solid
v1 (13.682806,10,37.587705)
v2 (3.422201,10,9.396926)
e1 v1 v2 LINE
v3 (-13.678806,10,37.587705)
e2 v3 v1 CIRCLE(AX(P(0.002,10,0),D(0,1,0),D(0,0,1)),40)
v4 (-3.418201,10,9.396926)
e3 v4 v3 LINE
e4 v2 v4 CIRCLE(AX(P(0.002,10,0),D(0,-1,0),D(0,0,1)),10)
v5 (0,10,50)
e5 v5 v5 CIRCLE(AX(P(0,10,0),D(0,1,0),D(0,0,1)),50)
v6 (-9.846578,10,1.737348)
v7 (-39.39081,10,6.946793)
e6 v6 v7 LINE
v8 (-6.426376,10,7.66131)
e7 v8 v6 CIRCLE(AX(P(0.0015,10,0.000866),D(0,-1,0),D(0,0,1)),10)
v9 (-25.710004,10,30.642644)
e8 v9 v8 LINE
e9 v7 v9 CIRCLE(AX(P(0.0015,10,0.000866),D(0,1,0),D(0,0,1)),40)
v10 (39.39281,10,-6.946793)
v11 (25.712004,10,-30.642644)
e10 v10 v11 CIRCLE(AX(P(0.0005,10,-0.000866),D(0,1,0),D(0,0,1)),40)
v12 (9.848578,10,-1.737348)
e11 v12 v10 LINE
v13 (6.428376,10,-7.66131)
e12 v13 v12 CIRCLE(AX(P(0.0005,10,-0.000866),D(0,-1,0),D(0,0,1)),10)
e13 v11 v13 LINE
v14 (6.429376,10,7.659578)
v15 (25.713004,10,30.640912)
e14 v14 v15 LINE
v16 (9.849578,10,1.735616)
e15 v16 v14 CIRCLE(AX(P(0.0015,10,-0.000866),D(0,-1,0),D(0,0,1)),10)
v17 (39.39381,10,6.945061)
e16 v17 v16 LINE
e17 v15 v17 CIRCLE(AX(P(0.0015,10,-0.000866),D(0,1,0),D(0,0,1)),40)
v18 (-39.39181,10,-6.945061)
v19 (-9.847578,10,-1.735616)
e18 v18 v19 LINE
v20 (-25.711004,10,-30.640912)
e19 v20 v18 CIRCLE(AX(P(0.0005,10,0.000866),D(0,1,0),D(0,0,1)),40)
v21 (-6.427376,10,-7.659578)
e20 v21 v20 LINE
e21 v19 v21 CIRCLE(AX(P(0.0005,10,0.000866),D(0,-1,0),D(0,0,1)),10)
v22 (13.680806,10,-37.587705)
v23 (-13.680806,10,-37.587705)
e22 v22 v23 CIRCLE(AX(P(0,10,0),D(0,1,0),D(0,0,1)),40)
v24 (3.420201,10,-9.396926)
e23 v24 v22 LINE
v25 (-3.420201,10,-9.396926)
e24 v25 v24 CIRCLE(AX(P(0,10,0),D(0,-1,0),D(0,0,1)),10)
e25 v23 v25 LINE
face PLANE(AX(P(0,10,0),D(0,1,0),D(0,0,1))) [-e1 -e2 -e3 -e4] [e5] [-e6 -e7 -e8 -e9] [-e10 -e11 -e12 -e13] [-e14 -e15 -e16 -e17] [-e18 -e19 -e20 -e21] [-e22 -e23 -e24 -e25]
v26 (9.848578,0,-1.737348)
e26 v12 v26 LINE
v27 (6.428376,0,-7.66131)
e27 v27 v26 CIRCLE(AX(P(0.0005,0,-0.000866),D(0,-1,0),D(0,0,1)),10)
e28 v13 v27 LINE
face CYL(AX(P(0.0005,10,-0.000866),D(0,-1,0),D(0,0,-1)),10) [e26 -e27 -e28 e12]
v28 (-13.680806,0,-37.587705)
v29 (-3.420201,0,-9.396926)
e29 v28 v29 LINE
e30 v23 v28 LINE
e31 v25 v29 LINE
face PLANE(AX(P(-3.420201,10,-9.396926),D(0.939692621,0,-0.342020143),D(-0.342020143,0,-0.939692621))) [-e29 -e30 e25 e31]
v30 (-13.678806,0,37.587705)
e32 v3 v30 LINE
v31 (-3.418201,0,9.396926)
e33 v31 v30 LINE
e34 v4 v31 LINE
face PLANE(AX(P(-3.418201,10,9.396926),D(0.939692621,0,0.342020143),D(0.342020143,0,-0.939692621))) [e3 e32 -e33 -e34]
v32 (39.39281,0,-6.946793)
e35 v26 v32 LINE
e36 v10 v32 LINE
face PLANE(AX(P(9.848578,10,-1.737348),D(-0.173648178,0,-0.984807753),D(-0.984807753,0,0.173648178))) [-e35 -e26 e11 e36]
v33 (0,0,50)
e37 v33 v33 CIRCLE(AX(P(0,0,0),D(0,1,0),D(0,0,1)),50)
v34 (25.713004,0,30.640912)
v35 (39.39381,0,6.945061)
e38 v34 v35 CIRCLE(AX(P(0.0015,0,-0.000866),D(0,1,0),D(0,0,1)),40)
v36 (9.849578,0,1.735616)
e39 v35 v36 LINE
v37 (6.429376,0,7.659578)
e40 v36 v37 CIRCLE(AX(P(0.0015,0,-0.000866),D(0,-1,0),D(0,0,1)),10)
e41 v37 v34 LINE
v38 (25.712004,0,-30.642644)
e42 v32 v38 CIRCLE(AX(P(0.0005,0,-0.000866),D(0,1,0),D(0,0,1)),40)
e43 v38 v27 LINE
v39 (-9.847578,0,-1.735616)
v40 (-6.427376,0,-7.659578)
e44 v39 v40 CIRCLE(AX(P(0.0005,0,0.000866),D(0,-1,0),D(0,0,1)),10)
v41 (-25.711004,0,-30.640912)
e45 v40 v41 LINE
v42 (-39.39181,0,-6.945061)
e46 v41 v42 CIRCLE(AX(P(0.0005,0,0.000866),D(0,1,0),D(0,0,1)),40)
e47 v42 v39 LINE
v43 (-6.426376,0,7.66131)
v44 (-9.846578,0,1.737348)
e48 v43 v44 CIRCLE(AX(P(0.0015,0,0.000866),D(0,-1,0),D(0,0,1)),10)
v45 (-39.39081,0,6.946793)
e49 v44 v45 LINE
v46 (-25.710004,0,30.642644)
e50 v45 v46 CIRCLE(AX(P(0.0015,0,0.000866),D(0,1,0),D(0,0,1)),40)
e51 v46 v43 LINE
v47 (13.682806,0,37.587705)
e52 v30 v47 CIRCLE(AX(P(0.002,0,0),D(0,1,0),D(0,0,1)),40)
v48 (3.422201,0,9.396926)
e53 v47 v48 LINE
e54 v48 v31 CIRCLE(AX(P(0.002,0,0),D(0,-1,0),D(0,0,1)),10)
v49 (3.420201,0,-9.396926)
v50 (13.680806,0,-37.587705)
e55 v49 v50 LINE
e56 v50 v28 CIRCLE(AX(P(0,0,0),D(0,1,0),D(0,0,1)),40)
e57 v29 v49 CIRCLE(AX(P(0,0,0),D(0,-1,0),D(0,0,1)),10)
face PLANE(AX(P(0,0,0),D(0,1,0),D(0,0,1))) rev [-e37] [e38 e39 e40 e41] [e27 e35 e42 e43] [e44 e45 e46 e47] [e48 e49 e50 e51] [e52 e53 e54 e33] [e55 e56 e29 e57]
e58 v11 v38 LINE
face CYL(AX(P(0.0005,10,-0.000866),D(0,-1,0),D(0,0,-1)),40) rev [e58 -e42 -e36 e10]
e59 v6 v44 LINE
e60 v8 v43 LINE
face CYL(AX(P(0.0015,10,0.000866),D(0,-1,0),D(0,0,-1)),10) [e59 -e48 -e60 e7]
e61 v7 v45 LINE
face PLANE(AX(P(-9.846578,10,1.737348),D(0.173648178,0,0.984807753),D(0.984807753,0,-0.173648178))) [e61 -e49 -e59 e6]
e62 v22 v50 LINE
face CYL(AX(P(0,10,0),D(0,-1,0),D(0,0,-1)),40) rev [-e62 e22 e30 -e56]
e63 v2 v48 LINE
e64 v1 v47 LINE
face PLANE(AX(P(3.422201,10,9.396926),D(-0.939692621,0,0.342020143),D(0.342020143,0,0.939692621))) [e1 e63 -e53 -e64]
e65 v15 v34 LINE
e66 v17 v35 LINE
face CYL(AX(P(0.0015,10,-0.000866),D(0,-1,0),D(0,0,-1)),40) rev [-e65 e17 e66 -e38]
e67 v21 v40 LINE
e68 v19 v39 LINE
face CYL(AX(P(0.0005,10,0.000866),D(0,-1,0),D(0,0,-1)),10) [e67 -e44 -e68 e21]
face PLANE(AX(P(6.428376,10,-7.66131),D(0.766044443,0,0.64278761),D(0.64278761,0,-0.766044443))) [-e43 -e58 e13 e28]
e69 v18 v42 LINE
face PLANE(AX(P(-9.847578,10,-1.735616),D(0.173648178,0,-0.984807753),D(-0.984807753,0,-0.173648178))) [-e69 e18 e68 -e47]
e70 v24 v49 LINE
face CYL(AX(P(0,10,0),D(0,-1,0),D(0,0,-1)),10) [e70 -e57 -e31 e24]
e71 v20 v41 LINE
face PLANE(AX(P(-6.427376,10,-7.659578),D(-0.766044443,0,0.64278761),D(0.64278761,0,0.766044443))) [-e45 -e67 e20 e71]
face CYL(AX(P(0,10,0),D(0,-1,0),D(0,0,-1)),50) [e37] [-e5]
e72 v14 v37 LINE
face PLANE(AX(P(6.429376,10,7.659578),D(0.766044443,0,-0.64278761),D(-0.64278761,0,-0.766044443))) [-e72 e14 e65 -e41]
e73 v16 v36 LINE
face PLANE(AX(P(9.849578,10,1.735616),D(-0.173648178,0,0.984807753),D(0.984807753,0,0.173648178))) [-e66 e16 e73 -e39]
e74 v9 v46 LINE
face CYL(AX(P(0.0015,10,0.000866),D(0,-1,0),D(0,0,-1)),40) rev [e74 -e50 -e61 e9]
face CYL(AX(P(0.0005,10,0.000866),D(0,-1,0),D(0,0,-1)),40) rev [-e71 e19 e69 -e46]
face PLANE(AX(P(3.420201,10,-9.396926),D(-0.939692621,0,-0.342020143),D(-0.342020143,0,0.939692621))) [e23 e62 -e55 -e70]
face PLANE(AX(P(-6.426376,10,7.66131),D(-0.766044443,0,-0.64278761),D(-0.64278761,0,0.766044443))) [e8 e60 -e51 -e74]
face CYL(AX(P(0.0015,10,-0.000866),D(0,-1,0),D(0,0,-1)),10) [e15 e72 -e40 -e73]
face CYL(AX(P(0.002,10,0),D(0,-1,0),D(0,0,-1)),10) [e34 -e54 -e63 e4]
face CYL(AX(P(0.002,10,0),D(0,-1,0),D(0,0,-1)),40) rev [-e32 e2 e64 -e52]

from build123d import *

# Parameters (mm, degrees)
SKETCH_1_R      = 50
EXTRUDE_1_DEPTH = 10


with BuildPart() as part:
    # ｽｹｯﾁ1 → ﾎﾞｽ - 押し出し1 (new body)
    with BuildSketch(Plane(origin=(0, 0, 0), x_dir=(1, 0, 0), z_dir=(0, 1, 0))):
        Circle(SKETCH_1_R)
        with BuildLine():
            Line((-3.420201433, 9.396926208), (-13.680805733, 37.587704831))
            ThreePointArc((-13.680805733, 37.587704831), (0, 40), (13.680805733, 37.587704831))
            Line((13.680805733, 37.587704831), (3.420201433, 9.396926208))
            ThreePointArc((3.420201433, 9.396926208), (0, 10), (-3.420201433, 9.396926208))
        make_face(mode=Mode.SUBTRACT)
        with BuildLine():
            Line((6.428376097, 7.661310457), (25.712004387, 30.64264375))
            ThreePointArc((25.712004387, 30.64264375), (34.641516151, 20.000866025), (39.39281012, 6.946793132))
            Line((39.39281012, 6.946793132), (9.84857753, 1.737347802))
            ThreePointArc((9.84857753, 1.737347802), (8.660754038, 5.000866025), (6.428376097, 7.661310457))
        make_face(mode=Mode.SUBTRACT)
        with BuildLine():
            Line((9.84957753, -1.735615751), (39.39381012, -6.945061081))
            ThreePointArc((39.39381012, -6.945061081), (34.642516151, -19.999133975), (25.713004387, -30.640911699))
            Line((25.713004387, -30.640911699), (6.429376097, -7.659578406))
            ThreePointArc((6.429376097, -7.659578406), (8.661754038, -4.999133975), (9.84957753, -1.735615751))
        make_face(mode=Mode.SUBTRACT)
        with BuildLine():
            Line((3.422201433, -9.396926208), (13.682805733, -37.587704831))
            ThreePointArc((13.682805733, -37.587704831), (0.002, -40), (-13.678805733, -37.587704831))
            Line((-13.678805733, -37.587704831), (-3.418201433, -9.396926208))
            ThreePointArc((-3.418201433, -9.396926208), (0.002, -10), (3.422201433, -9.396926208))
        make_face(mode=Mode.SUBTRACT)
        with BuildLine():
            Line((-6.426376097, -7.661310457), (-25.710004387, -30.64264375))
            ThreePointArc((-25.710004387, -30.64264375), (-34.639516151, -20.000866025), (-39.39081012, -6.946793132))
            Line((-39.39081012, -6.946793132), (-9.84657753, -1.737347802))
            ThreePointArc((-9.84657753, -1.737347802), (-8.658754038, -5.000866025), (-6.426376097, -7.661310457))
        make_face(mode=Mode.SUBTRACT)
        with BuildLine():
            Line((-9.84757753, 1.735615751), (-39.39181012, 6.945061081))
            ThreePointArc((-39.39181012, 6.945061081), (-34.640516151, 19.999133975), (-25.711004387, 30.640911699))
            Line((-25.711004387, 30.640911699), (-6.427376097, 7.659578406))
            ThreePointArc((-6.427376097, 7.659578406), (-8.659754038, 4.999133975), (-9.84757753, 1.735615751))
        make_face(mode=Mode.SUBTRACT)
    extrude(amount=EXTRUDE_1_DEPTH)


solid = part.part
